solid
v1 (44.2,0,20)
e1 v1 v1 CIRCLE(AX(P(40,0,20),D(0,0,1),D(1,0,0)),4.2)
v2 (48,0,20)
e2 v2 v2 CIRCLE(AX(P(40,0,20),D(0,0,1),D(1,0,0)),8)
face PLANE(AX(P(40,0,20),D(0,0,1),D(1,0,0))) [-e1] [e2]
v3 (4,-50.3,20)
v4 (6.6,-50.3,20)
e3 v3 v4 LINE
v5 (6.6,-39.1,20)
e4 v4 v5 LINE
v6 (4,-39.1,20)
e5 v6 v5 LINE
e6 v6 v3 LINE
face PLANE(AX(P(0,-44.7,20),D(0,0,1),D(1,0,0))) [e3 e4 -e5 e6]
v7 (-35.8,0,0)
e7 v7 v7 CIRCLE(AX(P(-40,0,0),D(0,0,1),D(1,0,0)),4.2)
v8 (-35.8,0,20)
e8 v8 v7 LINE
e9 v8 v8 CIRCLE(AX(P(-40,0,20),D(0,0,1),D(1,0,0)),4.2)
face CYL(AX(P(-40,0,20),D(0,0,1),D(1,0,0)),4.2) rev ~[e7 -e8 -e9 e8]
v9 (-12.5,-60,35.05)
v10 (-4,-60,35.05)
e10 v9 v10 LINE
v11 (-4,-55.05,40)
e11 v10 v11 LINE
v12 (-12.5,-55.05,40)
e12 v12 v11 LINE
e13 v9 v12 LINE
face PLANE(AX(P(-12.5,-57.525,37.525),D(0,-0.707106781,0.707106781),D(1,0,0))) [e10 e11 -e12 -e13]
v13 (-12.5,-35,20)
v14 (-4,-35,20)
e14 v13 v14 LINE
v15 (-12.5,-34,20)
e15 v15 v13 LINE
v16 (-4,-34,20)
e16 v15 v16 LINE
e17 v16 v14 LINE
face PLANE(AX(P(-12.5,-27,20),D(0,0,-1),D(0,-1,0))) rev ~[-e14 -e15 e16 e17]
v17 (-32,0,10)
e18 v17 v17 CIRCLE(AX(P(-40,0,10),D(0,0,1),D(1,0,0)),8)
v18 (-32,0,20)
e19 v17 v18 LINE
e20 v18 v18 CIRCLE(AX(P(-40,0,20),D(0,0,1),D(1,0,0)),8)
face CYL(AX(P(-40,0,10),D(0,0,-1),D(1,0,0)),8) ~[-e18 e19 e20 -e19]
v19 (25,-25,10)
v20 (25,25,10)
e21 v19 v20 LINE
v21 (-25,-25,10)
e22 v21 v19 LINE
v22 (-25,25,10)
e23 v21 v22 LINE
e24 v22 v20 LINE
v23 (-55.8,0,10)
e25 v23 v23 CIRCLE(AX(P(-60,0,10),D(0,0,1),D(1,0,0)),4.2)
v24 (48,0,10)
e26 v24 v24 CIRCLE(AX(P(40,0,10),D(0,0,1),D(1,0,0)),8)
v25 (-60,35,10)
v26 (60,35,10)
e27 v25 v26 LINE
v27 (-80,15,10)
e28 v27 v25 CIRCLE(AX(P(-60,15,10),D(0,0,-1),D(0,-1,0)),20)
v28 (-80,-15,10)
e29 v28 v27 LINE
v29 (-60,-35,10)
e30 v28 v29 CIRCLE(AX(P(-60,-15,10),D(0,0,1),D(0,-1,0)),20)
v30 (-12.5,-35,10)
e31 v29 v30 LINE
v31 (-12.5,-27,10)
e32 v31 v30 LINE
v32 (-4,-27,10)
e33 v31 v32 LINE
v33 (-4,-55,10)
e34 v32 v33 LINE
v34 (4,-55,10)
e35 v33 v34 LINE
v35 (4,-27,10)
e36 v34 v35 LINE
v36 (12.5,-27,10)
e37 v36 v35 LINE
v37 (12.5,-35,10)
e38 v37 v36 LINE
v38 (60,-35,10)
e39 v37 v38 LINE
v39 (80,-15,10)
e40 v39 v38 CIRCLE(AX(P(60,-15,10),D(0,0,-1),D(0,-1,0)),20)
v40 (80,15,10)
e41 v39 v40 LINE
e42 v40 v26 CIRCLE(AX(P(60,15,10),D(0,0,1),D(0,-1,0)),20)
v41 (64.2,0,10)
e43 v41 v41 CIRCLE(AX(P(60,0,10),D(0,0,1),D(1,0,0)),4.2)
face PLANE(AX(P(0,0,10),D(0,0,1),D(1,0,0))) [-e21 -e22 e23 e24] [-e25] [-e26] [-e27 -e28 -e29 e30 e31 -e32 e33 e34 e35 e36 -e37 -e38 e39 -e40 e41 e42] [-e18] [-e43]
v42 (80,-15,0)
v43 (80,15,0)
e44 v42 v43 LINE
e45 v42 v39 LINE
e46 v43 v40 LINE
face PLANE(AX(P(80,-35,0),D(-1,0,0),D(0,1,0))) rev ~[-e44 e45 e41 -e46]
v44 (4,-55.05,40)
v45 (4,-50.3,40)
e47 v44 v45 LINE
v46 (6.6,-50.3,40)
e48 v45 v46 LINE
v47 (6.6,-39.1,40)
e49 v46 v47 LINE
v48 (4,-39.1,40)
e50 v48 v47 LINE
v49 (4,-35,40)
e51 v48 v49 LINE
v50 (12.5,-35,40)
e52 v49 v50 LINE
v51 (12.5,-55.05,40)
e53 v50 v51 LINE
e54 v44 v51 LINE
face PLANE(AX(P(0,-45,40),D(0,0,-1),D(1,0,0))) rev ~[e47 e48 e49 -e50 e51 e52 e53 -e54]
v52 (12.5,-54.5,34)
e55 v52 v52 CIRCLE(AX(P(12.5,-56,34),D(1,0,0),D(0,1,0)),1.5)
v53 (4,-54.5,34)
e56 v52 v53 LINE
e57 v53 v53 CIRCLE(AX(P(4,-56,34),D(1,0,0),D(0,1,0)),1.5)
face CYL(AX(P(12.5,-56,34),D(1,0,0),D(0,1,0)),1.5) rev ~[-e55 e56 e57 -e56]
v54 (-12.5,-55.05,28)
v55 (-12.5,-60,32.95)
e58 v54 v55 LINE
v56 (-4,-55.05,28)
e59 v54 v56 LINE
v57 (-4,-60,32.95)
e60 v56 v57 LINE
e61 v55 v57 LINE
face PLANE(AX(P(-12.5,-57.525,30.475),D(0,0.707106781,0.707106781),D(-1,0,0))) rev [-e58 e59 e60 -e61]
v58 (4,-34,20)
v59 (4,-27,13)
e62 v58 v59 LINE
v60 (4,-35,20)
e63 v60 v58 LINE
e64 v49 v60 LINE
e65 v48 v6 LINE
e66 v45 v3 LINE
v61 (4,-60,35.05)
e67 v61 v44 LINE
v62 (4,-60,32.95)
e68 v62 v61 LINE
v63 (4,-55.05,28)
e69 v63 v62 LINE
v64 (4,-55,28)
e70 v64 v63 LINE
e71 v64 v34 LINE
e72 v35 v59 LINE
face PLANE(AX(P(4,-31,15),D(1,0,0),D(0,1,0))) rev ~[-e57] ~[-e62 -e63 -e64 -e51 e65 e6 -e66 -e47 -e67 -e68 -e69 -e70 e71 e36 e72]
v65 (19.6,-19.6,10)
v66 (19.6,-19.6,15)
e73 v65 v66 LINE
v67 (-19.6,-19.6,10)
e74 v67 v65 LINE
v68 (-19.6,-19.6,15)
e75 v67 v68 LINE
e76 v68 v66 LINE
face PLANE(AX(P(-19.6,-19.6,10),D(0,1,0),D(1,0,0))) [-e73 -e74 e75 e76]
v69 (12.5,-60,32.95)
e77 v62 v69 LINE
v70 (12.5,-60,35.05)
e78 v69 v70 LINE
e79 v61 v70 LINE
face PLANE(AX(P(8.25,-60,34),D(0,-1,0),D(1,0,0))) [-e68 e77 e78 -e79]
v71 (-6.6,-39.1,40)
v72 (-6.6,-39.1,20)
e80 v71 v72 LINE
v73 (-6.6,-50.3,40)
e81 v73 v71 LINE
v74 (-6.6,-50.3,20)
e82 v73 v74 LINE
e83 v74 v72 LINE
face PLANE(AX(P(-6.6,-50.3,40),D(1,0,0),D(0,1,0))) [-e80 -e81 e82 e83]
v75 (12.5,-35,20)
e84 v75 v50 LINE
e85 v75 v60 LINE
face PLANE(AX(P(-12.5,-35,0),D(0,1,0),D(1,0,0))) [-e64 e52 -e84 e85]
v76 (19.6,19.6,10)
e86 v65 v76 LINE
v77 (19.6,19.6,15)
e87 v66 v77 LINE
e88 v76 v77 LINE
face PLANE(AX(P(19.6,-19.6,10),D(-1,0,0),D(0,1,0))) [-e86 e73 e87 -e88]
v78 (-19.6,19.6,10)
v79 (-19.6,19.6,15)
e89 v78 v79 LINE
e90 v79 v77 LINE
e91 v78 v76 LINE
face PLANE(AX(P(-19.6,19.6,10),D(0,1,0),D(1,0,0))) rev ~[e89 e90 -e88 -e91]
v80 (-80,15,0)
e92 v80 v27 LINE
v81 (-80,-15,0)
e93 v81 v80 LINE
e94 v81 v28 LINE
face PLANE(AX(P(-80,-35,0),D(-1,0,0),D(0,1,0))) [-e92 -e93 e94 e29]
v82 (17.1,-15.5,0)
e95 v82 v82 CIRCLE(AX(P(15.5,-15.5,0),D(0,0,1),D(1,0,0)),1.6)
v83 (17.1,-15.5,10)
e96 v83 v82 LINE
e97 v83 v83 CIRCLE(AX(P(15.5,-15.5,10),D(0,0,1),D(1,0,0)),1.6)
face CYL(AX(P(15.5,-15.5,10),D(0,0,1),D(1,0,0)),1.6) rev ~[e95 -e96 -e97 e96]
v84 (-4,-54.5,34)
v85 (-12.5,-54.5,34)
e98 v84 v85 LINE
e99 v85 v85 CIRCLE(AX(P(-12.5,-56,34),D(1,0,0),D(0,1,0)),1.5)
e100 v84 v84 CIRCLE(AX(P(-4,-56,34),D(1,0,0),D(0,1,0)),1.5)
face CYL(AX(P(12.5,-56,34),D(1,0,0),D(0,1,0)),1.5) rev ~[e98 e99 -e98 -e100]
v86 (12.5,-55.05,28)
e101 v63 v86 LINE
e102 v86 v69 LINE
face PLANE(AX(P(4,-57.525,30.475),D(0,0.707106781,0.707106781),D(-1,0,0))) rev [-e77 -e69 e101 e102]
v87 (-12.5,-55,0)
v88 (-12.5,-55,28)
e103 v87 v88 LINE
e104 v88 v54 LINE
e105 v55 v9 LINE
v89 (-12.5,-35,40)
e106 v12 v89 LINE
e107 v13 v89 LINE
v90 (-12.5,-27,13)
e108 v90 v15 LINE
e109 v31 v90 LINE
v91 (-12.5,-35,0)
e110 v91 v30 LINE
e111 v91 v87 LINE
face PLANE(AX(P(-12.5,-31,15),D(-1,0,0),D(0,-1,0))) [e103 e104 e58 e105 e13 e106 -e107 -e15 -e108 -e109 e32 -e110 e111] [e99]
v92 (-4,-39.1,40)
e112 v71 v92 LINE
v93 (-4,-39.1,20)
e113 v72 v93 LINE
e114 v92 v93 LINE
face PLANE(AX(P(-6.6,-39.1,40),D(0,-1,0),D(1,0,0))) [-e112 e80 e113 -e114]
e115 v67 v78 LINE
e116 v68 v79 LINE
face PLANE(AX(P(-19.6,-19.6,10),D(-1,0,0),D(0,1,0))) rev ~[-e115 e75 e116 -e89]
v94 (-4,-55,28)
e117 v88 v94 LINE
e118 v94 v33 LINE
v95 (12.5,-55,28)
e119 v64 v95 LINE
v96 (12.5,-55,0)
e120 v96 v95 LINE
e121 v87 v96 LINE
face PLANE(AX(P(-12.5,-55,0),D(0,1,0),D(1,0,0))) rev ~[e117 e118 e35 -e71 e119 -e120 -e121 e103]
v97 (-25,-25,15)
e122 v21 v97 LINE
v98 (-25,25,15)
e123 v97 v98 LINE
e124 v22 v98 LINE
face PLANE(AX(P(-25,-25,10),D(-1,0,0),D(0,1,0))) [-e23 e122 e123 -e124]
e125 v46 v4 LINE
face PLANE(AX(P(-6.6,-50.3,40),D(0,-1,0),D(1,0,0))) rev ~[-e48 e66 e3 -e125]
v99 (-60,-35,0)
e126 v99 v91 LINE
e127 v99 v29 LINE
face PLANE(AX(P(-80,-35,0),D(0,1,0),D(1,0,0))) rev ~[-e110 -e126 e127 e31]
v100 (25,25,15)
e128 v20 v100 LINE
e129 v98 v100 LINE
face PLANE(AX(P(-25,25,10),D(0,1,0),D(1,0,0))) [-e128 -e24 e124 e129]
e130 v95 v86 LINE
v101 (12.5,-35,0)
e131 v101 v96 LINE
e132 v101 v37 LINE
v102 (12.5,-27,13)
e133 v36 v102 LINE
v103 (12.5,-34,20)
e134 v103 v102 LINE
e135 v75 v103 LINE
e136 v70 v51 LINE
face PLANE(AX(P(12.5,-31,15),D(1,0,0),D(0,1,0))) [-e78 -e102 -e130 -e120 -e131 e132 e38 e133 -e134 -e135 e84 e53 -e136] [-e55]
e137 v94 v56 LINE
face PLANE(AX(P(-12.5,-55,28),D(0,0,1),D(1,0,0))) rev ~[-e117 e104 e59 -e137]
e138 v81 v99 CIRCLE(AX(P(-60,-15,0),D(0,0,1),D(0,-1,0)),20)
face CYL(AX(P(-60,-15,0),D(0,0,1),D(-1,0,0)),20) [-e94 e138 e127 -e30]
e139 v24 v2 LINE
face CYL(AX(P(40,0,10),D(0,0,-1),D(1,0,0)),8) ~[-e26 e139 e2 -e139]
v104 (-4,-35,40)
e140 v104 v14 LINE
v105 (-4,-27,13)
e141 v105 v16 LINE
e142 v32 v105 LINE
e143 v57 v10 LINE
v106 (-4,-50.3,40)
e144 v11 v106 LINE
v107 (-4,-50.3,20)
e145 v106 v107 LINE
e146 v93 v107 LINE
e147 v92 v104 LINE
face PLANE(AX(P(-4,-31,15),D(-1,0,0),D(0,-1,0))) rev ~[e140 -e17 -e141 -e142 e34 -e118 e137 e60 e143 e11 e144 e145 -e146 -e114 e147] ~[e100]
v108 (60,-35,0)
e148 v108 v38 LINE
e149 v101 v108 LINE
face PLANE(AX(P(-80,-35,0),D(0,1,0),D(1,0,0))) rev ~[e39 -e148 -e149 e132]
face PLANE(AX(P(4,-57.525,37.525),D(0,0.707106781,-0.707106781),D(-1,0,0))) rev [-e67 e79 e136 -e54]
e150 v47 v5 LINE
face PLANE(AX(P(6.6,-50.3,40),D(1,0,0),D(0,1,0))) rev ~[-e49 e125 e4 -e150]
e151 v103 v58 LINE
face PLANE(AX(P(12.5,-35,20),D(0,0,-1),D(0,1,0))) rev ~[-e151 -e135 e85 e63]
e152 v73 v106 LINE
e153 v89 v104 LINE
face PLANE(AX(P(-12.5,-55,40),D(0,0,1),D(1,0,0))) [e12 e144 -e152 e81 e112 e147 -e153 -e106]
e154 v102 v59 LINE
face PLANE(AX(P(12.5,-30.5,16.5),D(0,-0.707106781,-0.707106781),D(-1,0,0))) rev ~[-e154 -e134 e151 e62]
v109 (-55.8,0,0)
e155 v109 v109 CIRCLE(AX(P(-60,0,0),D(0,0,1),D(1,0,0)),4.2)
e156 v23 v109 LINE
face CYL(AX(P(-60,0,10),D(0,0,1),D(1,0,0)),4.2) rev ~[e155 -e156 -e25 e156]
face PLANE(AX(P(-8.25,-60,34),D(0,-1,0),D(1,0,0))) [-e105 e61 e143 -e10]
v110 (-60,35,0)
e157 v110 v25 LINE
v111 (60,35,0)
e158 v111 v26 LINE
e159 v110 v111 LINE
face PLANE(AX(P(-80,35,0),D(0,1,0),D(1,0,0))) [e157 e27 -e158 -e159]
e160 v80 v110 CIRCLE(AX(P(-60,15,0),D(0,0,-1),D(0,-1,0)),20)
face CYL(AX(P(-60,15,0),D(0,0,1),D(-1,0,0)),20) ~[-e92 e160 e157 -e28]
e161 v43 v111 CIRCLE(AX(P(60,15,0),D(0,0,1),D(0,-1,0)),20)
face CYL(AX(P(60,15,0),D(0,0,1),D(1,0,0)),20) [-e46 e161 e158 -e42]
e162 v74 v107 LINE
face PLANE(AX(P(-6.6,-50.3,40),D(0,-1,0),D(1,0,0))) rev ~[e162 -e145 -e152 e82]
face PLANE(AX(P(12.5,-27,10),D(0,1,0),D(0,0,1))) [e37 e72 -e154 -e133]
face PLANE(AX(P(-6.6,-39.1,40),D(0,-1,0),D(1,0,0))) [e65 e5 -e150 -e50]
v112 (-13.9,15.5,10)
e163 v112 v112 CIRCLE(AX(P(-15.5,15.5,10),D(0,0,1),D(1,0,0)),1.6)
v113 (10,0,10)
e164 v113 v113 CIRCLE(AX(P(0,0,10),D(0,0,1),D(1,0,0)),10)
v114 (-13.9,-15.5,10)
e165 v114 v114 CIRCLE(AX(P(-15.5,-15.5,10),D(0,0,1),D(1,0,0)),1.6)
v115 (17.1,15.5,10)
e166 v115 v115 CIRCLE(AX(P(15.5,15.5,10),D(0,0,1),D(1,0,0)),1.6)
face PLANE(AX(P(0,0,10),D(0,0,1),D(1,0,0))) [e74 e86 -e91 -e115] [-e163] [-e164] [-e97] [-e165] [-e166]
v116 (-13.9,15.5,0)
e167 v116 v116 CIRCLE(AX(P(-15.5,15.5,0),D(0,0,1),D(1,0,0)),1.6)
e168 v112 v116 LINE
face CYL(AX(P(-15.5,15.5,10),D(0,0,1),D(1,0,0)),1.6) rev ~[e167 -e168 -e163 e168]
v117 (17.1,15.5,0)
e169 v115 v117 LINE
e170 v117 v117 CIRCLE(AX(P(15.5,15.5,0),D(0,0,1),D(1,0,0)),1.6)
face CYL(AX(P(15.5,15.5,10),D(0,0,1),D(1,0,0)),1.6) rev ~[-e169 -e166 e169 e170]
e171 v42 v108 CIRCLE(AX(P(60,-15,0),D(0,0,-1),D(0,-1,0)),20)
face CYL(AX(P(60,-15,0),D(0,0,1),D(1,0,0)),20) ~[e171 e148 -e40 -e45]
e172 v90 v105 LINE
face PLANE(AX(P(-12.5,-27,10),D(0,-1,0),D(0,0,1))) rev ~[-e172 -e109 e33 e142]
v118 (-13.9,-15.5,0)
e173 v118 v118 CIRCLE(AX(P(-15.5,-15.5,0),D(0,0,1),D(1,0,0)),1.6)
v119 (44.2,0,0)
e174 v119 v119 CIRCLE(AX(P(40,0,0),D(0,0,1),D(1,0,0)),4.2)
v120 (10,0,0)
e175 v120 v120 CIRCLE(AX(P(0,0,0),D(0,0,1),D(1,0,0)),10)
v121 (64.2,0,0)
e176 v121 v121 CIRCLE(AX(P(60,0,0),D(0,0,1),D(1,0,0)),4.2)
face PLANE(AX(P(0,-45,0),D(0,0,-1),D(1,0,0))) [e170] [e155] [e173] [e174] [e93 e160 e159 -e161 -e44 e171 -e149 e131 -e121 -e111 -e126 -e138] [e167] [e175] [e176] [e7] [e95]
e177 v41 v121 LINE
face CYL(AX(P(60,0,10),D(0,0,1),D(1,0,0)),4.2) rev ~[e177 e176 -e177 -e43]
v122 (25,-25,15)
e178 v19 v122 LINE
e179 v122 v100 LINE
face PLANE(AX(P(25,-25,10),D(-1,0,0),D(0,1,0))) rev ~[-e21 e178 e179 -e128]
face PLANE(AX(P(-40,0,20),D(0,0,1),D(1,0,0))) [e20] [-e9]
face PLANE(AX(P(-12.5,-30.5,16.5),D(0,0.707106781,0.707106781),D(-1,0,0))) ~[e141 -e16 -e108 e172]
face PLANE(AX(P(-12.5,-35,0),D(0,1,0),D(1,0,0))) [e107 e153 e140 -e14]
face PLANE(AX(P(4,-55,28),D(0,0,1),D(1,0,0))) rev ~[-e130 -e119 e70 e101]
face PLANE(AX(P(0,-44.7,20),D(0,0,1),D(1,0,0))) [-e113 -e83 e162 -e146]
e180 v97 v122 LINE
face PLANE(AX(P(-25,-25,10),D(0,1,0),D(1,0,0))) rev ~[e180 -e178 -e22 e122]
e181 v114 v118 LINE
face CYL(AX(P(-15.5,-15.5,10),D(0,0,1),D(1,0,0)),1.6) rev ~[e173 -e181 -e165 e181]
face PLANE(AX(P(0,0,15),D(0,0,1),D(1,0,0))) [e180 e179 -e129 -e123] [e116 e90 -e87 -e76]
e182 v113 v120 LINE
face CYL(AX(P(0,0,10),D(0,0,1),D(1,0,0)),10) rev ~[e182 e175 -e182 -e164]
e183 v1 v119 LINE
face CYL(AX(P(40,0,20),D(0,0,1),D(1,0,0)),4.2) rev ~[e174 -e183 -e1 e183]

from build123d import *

# Parameters (mm, degrees)
SKETCH_W        = 160
SKETCH_H        = 70
PAD_DEPTH       = 10
SKETCH001_R     = 10
POCKET_DEPTH    = 10
SKETCH002_R     = 8
PAD001_DEPTH    = 10
SKETCH003_R     = 4.2
POCKET001_DEPTH = 20
SKETCH004_W     = 50
SKETCH004_H     = 50
SKETCH004_W_2   = 39.2
SKETCH004_H_2   = 39.2
PAD002_DEPTH    = 5
SKETCH005_R     = 1.6
POCKET002_DEPTH = 10
SKETCH006_R     = 4.2
POCKET003_DEPTH = 10
SKETCH007_W     = 25
SKETCH007_H     = 20
PAD003_DEPTH    = 40
SKETCH008_W     = 8
SKETCH008_H     = 20
POCKET004_DEPTH = 30
SKETCH009_W     = 13.2
SKETCH009_H     = 11.2
POCKET005_DEPTH = 20
SKETCH010_W     = 8.5
SKETCH010_H     = 12
PAD004_DEPTH    = 5
SKETCH011_R     = 1.5
POCKET006_DEPTH = 25
CHAMFER_SIZE    = 4.95
CHAMFER001_SIZE = 4.95
CHAMFER002_SIZE = 4.95
CHAMFER003_SIZE = 4.95
FILLET_R        = 20
FILLET001_R     = 20
FILLET002_R     = 20
FILLET003_R     = 20
SKETCH012_W     = 8
SKETCH012_H     = 10
PAD005_DEPTH    = 8.5
SKETCH013_W     = 8
SKETCH013_H     = 10
PAD006_DEPTH    = 8.5
CHAMFER004_SIZE = 7
CHAMFER005_SIZE = 7


with BuildPart() as part:
    # Sketch → Pad (new body)
    with BuildSketch(Plane.XY):
        Rectangle(SKETCH_W, SKETCH_H)
    extrude(amount=PAD_DEPTH)

    # Sketch001 (on Face6 of Pad) → Pocket (cut)
    with BuildSketch(Plane.XY.offset(10)):
        Circle(SKETCH001_R)
    extrude(amount=-POCKET_DEPTH, mode=Mode.SUBTRACT)

    # Sketch002 (on Face5 of Pocket) → Pad001 (join)
    with BuildSketch(Plane.XY.offset(10)):
        with Locations((-40, 0)):
            Circle(SKETCH002_R)
        with Locations((40, 0)):
            Circle(SKETCH002_R)
    extrude(amount=PAD001_DEPTH)

    # Sketch003 (on Face10 of Pad001) → Pocket001 (cut)
    with BuildSketch(Plane.XY.offset(20)):
        with Locations((-40, 0)):
            Circle(SKETCH003_R)
        with Locations((40, 0)):
            Circle(SKETCH003_R)
    extrude(amount=-POCKET001_DEPTH, mode=Mode.SUBTRACT)

    # Sketch004 (on Face5 of Pocket001) → Pad002 (join)
    with BuildSketch(Plane.XY.offset(10)):
        Rectangle(SKETCH004_W, SKETCH004_H)
        Rectangle(SKETCH004_W_2, SKETCH004_H_2, mode=Mode.SUBTRACT)
    extrude(amount=PAD002_DEPTH)

    # Sketch005 (on Face17 of Pad002) → Pocket002 (cut)
    with BuildSketch(Plane.XY.offset(10)):
        with Locations((-15.5, 15.5)):
            Circle(SKETCH005_R)
        with Locations((15.5, 15.5)):
            Circle(SKETCH005_R)
        with Locations((-15.5, -15.5)):
            Circle(SKETCH005_R)
        with Locations((15.5, -15.5)):
            Circle(SKETCH005_R)
    extrude(amount=-POCKET002_DEPTH, mode=Mode.SUBTRACT)

    # Sketch006 (on Face5 of Pocket002) → Pocket003 (cut)
    with BuildSketch(Plane.XY.offset(10)):
        with Locations((-60, 0)):
            Circle(SKETCH006_R)
        with Locations((60, 0)):
            Circle(SKETCH006_R)
    extrude(amount=-POCKET003_DEPTH, mode=Mode.SUBTRACT)

    # Sketch007 (on Face4 of Pocket003) → Pad003 (join)
    with BuildSketch(Plane(origin=(0, 0, 0), x_dir=(1, 0, 0), z_dir=(0, 0, -1))):
        with Locations((0, 45)):
            Rectangle(SKETCH007_W, SKETCH007_H)
    extrude(amount=-PAD003_DEPTH)

    # Sketch008 (on Face31 of Pad003) → Pocket004 (cut)
    with BuildSketch(Plane.XY.offset(40)):
        with Locations((0, -45)):
            Rectangle(SKETCH008_W, SKETCH008_H)
    extrude(amount=-POCKET004_DEPTH, mode=Mode.SUBTRACT)

    # Sketch009 (on Face33 of Pocket004) → Pocket005 (cut)
    with BuildSketch(Plane.XY.offset(40)):
        with Locations((0, -44.7)):
            Rectangle(SKETCH009_W, SKETCH009_H)
    extrude(amount=-POCKET005_DEPTH, mode=Mode.SUBTRACT)

    # Sketch010 (on Face29 of Pocket005) → Pad004 (join)
    with BuildSketch(Plane.XZ.offset(55)):
        with Locations((-8.25, 34)):
            Rectangle(SKETCH010_W, SKETCH010_H)
        with Locations((8.25, 34)):
            Rectangle(SKETCH010_W, SKETCH010_H)
    extrude(amount=PAD004_DEPTH)

    # Sketch011 (on Face28 of Pad004) → Pocket006 (cut)
    with BuildSketch(Plane.YZ.offset(12.5)):
        with Locations((-56, 34)):
            Circle(SKETCH011_R)
    extrude(amount=-POCKET006_DEPTH, mode=Mode.SUBTRACT)

    # Chamfer
    chamfer_edges = [part.edges().sort_by_distance(p)[0] for p in [
        (8.25, -60, 28),
    ]]
    chamfer(chamfer_edges, length=CHAMFER_SIZE)

    # Chamfer001
    chamfer001_edges = [part.edges().sort_by_distance(p)[0] for p in [
        (-8.25, -60, 28),
    ]]
    chamfer(chamfer001_edges, length=CHAMFER001_SIZE)

    # Chamfer002
    chamfer002_edges = [part.edges().sort_by_distance(p)[0] for p in [
        (8.25, -60, 40),
    ]]
    chamfer(chamfer002_edges, length=CHAMFER002_SIZE)

    # Chamfer003
    chamfer003_edges = [part.edges().sort_by_distance(p)[0] for p in [
        (-8.25, -60, 40),
    ]]
    chamfer(chamfer003_edges, length=CHAMFER003_SIZE)

    # Fillet
    fillet_edges = [part.edges().sort_by_distance(p)[0] for p in [
        (-80, -35, 5),
    ]]
    fillet(fillet_edges, radius=FILLET_R)

    # Fillet001
    fillet001_edges = [part.edges().sort_by_distance(p)[0] for p in [
        (-80, 35, 5),
    ]]
    fillet(fillet001_edges, radius=FILLET001_R)

    # Fillet002
    fillet002_edges = [part.edges().sort_by_distance(p)[0] for p in [
        (80, -35, 5),
    ]]
    fillet(fillet002_edges, radius=FILLET002_R)

    # Fillet003
    fillet003_edges = [part.edges().sort_by_distance(p)[0] for p in [
        (80, 35, 5),
    ]]
    fillet(fillet003_edges, radius=FILLET003_R)

    # Sketch012 (on Face22 of Fillet003) → Pad005 (join)
    with BuildSketch(Plane.YZ.offset(12.5)):
        with Locations((-31, 15)):
            Rectangle(SKETCH012_W, SKETCH012_H)
    extrude(amount=-PAD005_DEPTH)

    # Sketch013 (on Face24 of Pad005) → Pad006 (join)
    with BuildSketch(Plane(origin=(-12.5, 0, 0), x_dir=(0, -1, 0), z_dir=(-1, 0, 0))):
        with Locations((31, 15)):
            Rectangle(SKETCH013_W, SKETCH013_H)
    extrude(amount=-PAD006_DEPTH)

    # Chamfer004
    chamfer004_edges = [part.edges().sort_by_distance(p)[0] for p in [
        (8.25, -27, 20),
    ]]
    chamfer(chamfer004_edges, length=CHAMFER004_SIZE)

    # Chamfer005
    chamfer005_edges = [part.edges().sort_by_distance(p)[0] for p in [
        (-8.25, -27, 20),
    ]]
    chamfer(chamfer005_edges, length=CHAMFER005_SIZE)


solid = part.part
